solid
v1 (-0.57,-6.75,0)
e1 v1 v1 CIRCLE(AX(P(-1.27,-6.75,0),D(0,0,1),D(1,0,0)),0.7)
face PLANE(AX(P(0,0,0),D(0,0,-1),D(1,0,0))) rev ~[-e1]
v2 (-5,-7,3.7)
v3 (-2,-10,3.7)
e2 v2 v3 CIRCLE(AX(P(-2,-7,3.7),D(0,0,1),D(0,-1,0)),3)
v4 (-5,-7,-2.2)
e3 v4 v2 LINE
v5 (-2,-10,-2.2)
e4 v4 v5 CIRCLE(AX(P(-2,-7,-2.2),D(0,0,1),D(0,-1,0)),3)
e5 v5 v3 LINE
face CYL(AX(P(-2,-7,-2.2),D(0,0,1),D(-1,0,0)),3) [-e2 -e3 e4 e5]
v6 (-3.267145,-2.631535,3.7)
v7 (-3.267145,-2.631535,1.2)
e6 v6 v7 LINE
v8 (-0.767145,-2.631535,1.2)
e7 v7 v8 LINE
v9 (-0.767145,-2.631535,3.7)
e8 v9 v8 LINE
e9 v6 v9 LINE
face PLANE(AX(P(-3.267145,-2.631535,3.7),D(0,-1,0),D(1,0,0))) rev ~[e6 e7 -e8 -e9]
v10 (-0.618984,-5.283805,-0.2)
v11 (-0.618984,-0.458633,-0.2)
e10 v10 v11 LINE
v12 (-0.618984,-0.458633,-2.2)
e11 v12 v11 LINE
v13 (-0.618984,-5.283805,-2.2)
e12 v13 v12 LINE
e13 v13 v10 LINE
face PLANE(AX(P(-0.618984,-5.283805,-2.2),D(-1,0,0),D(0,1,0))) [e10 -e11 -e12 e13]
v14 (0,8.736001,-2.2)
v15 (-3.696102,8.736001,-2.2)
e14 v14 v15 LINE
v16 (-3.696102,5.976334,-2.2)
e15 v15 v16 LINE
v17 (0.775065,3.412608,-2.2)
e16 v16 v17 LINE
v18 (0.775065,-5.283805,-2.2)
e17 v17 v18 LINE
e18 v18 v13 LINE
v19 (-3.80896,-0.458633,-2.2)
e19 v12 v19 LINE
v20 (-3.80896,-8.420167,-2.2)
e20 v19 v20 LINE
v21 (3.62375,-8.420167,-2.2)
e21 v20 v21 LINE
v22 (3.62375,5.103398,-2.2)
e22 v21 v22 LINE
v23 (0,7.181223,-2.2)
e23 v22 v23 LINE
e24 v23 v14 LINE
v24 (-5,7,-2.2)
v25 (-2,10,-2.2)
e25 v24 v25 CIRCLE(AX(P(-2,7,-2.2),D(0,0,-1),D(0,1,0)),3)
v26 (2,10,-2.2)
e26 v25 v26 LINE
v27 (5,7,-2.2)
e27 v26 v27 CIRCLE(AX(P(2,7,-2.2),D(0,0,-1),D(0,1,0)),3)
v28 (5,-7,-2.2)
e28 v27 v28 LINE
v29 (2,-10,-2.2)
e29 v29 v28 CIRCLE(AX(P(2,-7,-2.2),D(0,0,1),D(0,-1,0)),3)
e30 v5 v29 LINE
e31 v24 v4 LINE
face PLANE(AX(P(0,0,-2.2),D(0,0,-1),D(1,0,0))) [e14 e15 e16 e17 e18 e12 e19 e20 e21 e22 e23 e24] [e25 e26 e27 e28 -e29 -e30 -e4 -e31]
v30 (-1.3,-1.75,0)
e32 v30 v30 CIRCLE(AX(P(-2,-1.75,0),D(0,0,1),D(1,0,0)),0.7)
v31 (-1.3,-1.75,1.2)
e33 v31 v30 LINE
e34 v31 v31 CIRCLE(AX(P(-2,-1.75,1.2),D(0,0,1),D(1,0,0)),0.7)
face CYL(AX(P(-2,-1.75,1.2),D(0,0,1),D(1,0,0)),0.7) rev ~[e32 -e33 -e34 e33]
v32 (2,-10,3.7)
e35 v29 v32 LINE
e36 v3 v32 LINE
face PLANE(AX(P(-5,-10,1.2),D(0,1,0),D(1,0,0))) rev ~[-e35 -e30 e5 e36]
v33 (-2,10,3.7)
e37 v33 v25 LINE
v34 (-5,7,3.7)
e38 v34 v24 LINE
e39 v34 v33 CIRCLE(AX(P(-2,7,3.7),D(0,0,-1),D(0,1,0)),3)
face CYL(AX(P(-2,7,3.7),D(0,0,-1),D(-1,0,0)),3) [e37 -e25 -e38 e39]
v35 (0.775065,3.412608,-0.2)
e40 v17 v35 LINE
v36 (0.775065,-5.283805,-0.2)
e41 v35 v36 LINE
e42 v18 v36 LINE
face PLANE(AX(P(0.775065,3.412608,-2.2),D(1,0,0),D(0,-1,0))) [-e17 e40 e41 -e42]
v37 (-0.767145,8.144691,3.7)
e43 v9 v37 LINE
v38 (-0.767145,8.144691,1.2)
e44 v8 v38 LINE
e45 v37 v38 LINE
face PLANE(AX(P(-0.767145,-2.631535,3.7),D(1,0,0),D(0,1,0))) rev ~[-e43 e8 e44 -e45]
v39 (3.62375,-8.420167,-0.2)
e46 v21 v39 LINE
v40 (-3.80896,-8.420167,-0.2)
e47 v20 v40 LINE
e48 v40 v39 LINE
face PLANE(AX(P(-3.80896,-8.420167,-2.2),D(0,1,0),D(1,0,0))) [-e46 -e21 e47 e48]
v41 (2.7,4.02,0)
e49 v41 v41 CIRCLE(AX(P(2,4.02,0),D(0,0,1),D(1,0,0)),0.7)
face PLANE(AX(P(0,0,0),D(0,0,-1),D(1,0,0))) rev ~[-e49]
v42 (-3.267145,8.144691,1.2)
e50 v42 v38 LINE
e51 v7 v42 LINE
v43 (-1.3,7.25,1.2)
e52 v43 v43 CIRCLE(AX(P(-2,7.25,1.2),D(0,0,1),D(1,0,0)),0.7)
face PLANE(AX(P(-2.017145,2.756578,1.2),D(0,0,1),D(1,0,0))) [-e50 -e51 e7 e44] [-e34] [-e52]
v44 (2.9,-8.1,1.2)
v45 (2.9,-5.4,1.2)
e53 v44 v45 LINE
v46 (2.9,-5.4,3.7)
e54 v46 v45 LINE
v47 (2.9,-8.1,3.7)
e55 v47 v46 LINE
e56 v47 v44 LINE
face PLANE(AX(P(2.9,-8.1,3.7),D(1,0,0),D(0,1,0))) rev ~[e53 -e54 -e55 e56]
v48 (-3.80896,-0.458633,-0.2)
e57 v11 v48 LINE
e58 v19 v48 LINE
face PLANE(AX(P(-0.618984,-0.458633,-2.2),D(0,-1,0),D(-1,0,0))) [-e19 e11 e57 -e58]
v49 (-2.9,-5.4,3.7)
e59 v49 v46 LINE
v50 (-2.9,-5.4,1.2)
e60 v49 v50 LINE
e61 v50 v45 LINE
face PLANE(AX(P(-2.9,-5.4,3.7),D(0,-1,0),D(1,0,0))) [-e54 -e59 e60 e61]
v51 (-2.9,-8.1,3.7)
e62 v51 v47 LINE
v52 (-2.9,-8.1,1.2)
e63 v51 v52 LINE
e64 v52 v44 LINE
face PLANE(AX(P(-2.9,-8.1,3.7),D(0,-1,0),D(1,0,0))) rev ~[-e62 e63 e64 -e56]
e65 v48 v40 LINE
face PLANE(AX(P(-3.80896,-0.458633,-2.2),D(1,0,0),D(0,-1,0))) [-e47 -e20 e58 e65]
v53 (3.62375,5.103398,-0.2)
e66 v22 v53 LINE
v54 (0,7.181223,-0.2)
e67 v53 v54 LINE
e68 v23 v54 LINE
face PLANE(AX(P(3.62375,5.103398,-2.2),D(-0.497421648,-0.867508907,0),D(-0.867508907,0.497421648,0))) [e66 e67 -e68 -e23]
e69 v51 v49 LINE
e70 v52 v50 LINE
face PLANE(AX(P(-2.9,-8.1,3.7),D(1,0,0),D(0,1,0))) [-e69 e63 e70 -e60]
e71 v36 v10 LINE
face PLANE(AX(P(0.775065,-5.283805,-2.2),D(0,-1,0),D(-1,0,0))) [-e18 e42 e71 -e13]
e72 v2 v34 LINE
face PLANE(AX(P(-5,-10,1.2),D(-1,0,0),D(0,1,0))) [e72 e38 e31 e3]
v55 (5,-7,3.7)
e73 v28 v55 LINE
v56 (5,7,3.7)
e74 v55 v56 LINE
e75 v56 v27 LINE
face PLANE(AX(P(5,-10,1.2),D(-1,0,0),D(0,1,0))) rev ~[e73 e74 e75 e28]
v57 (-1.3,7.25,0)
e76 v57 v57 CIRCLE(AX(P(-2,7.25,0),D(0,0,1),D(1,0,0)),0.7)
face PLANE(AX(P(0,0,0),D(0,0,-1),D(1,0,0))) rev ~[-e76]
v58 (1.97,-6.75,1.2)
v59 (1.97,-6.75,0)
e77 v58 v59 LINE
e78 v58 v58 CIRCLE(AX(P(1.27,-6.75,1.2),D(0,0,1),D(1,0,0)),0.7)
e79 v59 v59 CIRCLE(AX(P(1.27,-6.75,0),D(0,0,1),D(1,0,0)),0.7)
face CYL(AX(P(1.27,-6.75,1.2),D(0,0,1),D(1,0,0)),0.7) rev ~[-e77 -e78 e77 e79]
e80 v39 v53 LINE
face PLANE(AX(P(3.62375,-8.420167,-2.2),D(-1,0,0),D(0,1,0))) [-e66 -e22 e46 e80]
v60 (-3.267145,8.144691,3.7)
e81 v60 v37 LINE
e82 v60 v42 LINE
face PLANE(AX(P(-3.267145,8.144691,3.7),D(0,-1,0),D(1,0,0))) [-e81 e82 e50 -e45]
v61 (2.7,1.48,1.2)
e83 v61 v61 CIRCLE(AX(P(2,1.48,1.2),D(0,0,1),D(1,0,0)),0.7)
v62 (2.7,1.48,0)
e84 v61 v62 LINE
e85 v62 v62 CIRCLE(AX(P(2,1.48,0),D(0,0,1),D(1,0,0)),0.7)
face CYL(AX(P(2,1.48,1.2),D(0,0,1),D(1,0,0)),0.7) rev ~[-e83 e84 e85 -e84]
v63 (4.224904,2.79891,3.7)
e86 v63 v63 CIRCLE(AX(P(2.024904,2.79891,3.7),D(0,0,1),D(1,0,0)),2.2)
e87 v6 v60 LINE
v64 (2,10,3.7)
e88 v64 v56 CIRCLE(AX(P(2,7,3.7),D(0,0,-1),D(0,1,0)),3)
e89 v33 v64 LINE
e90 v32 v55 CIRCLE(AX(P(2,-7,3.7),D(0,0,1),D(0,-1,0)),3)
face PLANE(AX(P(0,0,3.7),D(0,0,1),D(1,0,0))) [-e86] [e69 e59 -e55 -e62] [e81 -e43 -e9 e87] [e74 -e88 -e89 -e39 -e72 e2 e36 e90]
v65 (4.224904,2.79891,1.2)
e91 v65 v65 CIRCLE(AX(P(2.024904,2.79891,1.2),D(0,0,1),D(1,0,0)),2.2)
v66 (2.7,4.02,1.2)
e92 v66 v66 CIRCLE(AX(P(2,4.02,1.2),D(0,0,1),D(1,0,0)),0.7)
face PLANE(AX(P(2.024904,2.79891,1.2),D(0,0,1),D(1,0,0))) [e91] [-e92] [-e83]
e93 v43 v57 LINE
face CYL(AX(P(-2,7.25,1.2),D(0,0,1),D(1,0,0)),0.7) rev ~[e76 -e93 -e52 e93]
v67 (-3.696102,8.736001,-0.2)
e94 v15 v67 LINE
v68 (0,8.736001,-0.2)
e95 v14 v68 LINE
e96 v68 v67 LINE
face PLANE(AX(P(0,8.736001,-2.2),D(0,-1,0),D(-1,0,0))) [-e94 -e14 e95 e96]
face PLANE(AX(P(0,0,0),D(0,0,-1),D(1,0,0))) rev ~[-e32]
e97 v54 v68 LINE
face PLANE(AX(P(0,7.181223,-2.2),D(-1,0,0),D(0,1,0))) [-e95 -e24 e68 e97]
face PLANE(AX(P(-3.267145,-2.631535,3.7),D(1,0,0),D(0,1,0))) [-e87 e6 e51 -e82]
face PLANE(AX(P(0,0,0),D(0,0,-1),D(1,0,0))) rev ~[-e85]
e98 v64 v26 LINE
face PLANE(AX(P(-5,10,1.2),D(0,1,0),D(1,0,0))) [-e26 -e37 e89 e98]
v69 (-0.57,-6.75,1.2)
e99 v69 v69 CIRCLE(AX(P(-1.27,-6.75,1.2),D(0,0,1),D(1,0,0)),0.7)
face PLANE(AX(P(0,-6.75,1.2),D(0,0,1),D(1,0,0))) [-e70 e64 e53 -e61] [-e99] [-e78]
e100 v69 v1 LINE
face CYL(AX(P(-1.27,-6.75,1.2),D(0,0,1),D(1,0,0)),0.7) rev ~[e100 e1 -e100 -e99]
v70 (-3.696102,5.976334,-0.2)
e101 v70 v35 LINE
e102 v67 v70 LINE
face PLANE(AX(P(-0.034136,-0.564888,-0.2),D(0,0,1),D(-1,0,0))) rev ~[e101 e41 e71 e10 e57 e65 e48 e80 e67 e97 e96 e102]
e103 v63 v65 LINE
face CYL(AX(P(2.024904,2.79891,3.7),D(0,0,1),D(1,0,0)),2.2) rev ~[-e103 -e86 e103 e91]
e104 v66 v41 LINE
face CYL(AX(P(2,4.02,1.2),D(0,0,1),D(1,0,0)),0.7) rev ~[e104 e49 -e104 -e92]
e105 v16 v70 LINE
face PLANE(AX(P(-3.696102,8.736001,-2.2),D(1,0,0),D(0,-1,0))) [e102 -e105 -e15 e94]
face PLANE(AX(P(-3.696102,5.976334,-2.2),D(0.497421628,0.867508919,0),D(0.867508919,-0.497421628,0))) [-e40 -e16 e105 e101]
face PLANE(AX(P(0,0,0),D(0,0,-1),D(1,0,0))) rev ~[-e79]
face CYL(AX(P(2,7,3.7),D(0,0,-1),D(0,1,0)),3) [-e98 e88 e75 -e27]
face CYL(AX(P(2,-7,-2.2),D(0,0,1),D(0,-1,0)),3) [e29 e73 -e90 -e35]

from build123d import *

# Parameters (mm, degrees)
SKETCH010_W     = 10
SKETCH010_H     = 20
PAD004_DEPTH    = 1.2
SKETCH011_R     = 0.7
POCKET004_DEPTH = 1.201
SKETCH012_W     = 10
SKETCH012_H     = 20
PAD005_DEPTH    = 0.2
SKETCH014_W     = 10
SKETCH014_H     = 20
PAD006_DEPTH    = 2
POCKET005_DEPTH = 2
SKETCH015_W     = 10
SKETCH015_H     = 20
PAD007_DEPTH    = 2.5
SKETCH016_R     = 2.2
SKETCH016_W     = 5.8
SKETCH016_H     = 2.7
SKETCH016_W_2   = 2.5
SKETCH016_H_2   = 10.776226
POCKET006_DEPTH = 2.5
FILLET_R        = 3


with BuildPart() as part:
    # Sketch010 → Pad004 (new body)
    with BuildSketch(Plane.XY):
        Rectangle(SKETCH010_W, SKETCH010_H)
    extrude(amount=PAD004_DEPTH)

    # Sketch011 → Pocket004 (cut, through all)
    with BuildSketch(Plane.XY.offset(1.2)):
        with Locations((-1.27, -6.75)):
            Circle(SKETCH011_R)
        with Locations((1.27, -6.75)):
            Circle(SKETCH011_R)
        with Locations((-2, 7.25)):
            Circle(SKETCH011_R)
        with Locations((-2, -1.75)):
            Circle(SKETCH011_R)
        with Locations((2, 4.02)):
            Circle(SKETCH011_R)
        with Locations((2, 1.48)):
            Circle(SKETCH011_R)
    extrude(amount=-POCKET004_DEPTH, mode=Mode.SUBTRACT)

    # Sketch012 → Pad005 (new body)
    with BuildSketch(Plane(origin=(0, 0, 0), x_dir=(1, 0, 0), z_dir=(0, 0, -1))):
        Rectangle(SKETCH012_W, SKETCH012_H)
    extrude(amount=PAD005_DEPTH)

    # Sketch014 → Pad006 (new body)
    with BuildSketch(Plane(origin=(0, 0, -0.2), x_dir=(1, 0, 0), z_dir=(0, 0, -1))):
        Rectangle(SKETCH014_W, SKETCH014_H)
    extrude(amount=PAD006_DEPTH)

    # Sketch013 → Pocket005 (cut)
    with BuildSketch(Plane(origin=(0, 0, -2.2), x_dir=(1, 0, 0), z_dir=(0, 0, -1))):
        Polygon((-3.80896, 8.420167), (3.62375, 8.420167), (3.62375, -5.103398), (0, -7.181223), (0, -8.736001), (-3.696102, -8.736001), (-3.696102, -5.976334), (0.775065, -3.412608), (0.775065, 5.283805), (-0.618984, 5.283805), (-0.618984, 0.458633), (-3.80896, 0.458633), align=None)
    extrude(amount=-POCKET005_DEPTH, mode=Mode.SUBTRACT)

    # Sketch015 → Pad007 (new body)
    with BuildSketch(Plane.XY.offset(1.2)):
        Rectangle(SKETCH015_W, SKETCH015_H)
    extrude(amount=PAD007_DEPTH)

    # Sketch016 → Pocket006 (cut)
    with BuildSketch(Plane.XY.offset(3.7)):
        with Locations((2.024904, 2.79891)):
            Circle(SKETCH016_R)
        with Locations((0, -6.75)):
            Rectangle(SKETCH016_W, SKETCH016_H)
        with Locations((-2.017145, 2.756578)):
            Rectangle(SKETCH016_W_2, SKETCH016_H_2)
    extrude(amount=-POCKET006_DEPTH, mode=Mode.SUBTRACT)

    # Fillet
    fillet_edges = [part.edges().sort_by_distance(p)[0] for p in [
        (5, -10, 0.75),
        (-5, -10, 0.75),
        (5, 10, 0.75),
        (-5, 10, 0.75),
    ]]
    fillet(fillet_edges, radius=FILLET_R)


solid = part.part
